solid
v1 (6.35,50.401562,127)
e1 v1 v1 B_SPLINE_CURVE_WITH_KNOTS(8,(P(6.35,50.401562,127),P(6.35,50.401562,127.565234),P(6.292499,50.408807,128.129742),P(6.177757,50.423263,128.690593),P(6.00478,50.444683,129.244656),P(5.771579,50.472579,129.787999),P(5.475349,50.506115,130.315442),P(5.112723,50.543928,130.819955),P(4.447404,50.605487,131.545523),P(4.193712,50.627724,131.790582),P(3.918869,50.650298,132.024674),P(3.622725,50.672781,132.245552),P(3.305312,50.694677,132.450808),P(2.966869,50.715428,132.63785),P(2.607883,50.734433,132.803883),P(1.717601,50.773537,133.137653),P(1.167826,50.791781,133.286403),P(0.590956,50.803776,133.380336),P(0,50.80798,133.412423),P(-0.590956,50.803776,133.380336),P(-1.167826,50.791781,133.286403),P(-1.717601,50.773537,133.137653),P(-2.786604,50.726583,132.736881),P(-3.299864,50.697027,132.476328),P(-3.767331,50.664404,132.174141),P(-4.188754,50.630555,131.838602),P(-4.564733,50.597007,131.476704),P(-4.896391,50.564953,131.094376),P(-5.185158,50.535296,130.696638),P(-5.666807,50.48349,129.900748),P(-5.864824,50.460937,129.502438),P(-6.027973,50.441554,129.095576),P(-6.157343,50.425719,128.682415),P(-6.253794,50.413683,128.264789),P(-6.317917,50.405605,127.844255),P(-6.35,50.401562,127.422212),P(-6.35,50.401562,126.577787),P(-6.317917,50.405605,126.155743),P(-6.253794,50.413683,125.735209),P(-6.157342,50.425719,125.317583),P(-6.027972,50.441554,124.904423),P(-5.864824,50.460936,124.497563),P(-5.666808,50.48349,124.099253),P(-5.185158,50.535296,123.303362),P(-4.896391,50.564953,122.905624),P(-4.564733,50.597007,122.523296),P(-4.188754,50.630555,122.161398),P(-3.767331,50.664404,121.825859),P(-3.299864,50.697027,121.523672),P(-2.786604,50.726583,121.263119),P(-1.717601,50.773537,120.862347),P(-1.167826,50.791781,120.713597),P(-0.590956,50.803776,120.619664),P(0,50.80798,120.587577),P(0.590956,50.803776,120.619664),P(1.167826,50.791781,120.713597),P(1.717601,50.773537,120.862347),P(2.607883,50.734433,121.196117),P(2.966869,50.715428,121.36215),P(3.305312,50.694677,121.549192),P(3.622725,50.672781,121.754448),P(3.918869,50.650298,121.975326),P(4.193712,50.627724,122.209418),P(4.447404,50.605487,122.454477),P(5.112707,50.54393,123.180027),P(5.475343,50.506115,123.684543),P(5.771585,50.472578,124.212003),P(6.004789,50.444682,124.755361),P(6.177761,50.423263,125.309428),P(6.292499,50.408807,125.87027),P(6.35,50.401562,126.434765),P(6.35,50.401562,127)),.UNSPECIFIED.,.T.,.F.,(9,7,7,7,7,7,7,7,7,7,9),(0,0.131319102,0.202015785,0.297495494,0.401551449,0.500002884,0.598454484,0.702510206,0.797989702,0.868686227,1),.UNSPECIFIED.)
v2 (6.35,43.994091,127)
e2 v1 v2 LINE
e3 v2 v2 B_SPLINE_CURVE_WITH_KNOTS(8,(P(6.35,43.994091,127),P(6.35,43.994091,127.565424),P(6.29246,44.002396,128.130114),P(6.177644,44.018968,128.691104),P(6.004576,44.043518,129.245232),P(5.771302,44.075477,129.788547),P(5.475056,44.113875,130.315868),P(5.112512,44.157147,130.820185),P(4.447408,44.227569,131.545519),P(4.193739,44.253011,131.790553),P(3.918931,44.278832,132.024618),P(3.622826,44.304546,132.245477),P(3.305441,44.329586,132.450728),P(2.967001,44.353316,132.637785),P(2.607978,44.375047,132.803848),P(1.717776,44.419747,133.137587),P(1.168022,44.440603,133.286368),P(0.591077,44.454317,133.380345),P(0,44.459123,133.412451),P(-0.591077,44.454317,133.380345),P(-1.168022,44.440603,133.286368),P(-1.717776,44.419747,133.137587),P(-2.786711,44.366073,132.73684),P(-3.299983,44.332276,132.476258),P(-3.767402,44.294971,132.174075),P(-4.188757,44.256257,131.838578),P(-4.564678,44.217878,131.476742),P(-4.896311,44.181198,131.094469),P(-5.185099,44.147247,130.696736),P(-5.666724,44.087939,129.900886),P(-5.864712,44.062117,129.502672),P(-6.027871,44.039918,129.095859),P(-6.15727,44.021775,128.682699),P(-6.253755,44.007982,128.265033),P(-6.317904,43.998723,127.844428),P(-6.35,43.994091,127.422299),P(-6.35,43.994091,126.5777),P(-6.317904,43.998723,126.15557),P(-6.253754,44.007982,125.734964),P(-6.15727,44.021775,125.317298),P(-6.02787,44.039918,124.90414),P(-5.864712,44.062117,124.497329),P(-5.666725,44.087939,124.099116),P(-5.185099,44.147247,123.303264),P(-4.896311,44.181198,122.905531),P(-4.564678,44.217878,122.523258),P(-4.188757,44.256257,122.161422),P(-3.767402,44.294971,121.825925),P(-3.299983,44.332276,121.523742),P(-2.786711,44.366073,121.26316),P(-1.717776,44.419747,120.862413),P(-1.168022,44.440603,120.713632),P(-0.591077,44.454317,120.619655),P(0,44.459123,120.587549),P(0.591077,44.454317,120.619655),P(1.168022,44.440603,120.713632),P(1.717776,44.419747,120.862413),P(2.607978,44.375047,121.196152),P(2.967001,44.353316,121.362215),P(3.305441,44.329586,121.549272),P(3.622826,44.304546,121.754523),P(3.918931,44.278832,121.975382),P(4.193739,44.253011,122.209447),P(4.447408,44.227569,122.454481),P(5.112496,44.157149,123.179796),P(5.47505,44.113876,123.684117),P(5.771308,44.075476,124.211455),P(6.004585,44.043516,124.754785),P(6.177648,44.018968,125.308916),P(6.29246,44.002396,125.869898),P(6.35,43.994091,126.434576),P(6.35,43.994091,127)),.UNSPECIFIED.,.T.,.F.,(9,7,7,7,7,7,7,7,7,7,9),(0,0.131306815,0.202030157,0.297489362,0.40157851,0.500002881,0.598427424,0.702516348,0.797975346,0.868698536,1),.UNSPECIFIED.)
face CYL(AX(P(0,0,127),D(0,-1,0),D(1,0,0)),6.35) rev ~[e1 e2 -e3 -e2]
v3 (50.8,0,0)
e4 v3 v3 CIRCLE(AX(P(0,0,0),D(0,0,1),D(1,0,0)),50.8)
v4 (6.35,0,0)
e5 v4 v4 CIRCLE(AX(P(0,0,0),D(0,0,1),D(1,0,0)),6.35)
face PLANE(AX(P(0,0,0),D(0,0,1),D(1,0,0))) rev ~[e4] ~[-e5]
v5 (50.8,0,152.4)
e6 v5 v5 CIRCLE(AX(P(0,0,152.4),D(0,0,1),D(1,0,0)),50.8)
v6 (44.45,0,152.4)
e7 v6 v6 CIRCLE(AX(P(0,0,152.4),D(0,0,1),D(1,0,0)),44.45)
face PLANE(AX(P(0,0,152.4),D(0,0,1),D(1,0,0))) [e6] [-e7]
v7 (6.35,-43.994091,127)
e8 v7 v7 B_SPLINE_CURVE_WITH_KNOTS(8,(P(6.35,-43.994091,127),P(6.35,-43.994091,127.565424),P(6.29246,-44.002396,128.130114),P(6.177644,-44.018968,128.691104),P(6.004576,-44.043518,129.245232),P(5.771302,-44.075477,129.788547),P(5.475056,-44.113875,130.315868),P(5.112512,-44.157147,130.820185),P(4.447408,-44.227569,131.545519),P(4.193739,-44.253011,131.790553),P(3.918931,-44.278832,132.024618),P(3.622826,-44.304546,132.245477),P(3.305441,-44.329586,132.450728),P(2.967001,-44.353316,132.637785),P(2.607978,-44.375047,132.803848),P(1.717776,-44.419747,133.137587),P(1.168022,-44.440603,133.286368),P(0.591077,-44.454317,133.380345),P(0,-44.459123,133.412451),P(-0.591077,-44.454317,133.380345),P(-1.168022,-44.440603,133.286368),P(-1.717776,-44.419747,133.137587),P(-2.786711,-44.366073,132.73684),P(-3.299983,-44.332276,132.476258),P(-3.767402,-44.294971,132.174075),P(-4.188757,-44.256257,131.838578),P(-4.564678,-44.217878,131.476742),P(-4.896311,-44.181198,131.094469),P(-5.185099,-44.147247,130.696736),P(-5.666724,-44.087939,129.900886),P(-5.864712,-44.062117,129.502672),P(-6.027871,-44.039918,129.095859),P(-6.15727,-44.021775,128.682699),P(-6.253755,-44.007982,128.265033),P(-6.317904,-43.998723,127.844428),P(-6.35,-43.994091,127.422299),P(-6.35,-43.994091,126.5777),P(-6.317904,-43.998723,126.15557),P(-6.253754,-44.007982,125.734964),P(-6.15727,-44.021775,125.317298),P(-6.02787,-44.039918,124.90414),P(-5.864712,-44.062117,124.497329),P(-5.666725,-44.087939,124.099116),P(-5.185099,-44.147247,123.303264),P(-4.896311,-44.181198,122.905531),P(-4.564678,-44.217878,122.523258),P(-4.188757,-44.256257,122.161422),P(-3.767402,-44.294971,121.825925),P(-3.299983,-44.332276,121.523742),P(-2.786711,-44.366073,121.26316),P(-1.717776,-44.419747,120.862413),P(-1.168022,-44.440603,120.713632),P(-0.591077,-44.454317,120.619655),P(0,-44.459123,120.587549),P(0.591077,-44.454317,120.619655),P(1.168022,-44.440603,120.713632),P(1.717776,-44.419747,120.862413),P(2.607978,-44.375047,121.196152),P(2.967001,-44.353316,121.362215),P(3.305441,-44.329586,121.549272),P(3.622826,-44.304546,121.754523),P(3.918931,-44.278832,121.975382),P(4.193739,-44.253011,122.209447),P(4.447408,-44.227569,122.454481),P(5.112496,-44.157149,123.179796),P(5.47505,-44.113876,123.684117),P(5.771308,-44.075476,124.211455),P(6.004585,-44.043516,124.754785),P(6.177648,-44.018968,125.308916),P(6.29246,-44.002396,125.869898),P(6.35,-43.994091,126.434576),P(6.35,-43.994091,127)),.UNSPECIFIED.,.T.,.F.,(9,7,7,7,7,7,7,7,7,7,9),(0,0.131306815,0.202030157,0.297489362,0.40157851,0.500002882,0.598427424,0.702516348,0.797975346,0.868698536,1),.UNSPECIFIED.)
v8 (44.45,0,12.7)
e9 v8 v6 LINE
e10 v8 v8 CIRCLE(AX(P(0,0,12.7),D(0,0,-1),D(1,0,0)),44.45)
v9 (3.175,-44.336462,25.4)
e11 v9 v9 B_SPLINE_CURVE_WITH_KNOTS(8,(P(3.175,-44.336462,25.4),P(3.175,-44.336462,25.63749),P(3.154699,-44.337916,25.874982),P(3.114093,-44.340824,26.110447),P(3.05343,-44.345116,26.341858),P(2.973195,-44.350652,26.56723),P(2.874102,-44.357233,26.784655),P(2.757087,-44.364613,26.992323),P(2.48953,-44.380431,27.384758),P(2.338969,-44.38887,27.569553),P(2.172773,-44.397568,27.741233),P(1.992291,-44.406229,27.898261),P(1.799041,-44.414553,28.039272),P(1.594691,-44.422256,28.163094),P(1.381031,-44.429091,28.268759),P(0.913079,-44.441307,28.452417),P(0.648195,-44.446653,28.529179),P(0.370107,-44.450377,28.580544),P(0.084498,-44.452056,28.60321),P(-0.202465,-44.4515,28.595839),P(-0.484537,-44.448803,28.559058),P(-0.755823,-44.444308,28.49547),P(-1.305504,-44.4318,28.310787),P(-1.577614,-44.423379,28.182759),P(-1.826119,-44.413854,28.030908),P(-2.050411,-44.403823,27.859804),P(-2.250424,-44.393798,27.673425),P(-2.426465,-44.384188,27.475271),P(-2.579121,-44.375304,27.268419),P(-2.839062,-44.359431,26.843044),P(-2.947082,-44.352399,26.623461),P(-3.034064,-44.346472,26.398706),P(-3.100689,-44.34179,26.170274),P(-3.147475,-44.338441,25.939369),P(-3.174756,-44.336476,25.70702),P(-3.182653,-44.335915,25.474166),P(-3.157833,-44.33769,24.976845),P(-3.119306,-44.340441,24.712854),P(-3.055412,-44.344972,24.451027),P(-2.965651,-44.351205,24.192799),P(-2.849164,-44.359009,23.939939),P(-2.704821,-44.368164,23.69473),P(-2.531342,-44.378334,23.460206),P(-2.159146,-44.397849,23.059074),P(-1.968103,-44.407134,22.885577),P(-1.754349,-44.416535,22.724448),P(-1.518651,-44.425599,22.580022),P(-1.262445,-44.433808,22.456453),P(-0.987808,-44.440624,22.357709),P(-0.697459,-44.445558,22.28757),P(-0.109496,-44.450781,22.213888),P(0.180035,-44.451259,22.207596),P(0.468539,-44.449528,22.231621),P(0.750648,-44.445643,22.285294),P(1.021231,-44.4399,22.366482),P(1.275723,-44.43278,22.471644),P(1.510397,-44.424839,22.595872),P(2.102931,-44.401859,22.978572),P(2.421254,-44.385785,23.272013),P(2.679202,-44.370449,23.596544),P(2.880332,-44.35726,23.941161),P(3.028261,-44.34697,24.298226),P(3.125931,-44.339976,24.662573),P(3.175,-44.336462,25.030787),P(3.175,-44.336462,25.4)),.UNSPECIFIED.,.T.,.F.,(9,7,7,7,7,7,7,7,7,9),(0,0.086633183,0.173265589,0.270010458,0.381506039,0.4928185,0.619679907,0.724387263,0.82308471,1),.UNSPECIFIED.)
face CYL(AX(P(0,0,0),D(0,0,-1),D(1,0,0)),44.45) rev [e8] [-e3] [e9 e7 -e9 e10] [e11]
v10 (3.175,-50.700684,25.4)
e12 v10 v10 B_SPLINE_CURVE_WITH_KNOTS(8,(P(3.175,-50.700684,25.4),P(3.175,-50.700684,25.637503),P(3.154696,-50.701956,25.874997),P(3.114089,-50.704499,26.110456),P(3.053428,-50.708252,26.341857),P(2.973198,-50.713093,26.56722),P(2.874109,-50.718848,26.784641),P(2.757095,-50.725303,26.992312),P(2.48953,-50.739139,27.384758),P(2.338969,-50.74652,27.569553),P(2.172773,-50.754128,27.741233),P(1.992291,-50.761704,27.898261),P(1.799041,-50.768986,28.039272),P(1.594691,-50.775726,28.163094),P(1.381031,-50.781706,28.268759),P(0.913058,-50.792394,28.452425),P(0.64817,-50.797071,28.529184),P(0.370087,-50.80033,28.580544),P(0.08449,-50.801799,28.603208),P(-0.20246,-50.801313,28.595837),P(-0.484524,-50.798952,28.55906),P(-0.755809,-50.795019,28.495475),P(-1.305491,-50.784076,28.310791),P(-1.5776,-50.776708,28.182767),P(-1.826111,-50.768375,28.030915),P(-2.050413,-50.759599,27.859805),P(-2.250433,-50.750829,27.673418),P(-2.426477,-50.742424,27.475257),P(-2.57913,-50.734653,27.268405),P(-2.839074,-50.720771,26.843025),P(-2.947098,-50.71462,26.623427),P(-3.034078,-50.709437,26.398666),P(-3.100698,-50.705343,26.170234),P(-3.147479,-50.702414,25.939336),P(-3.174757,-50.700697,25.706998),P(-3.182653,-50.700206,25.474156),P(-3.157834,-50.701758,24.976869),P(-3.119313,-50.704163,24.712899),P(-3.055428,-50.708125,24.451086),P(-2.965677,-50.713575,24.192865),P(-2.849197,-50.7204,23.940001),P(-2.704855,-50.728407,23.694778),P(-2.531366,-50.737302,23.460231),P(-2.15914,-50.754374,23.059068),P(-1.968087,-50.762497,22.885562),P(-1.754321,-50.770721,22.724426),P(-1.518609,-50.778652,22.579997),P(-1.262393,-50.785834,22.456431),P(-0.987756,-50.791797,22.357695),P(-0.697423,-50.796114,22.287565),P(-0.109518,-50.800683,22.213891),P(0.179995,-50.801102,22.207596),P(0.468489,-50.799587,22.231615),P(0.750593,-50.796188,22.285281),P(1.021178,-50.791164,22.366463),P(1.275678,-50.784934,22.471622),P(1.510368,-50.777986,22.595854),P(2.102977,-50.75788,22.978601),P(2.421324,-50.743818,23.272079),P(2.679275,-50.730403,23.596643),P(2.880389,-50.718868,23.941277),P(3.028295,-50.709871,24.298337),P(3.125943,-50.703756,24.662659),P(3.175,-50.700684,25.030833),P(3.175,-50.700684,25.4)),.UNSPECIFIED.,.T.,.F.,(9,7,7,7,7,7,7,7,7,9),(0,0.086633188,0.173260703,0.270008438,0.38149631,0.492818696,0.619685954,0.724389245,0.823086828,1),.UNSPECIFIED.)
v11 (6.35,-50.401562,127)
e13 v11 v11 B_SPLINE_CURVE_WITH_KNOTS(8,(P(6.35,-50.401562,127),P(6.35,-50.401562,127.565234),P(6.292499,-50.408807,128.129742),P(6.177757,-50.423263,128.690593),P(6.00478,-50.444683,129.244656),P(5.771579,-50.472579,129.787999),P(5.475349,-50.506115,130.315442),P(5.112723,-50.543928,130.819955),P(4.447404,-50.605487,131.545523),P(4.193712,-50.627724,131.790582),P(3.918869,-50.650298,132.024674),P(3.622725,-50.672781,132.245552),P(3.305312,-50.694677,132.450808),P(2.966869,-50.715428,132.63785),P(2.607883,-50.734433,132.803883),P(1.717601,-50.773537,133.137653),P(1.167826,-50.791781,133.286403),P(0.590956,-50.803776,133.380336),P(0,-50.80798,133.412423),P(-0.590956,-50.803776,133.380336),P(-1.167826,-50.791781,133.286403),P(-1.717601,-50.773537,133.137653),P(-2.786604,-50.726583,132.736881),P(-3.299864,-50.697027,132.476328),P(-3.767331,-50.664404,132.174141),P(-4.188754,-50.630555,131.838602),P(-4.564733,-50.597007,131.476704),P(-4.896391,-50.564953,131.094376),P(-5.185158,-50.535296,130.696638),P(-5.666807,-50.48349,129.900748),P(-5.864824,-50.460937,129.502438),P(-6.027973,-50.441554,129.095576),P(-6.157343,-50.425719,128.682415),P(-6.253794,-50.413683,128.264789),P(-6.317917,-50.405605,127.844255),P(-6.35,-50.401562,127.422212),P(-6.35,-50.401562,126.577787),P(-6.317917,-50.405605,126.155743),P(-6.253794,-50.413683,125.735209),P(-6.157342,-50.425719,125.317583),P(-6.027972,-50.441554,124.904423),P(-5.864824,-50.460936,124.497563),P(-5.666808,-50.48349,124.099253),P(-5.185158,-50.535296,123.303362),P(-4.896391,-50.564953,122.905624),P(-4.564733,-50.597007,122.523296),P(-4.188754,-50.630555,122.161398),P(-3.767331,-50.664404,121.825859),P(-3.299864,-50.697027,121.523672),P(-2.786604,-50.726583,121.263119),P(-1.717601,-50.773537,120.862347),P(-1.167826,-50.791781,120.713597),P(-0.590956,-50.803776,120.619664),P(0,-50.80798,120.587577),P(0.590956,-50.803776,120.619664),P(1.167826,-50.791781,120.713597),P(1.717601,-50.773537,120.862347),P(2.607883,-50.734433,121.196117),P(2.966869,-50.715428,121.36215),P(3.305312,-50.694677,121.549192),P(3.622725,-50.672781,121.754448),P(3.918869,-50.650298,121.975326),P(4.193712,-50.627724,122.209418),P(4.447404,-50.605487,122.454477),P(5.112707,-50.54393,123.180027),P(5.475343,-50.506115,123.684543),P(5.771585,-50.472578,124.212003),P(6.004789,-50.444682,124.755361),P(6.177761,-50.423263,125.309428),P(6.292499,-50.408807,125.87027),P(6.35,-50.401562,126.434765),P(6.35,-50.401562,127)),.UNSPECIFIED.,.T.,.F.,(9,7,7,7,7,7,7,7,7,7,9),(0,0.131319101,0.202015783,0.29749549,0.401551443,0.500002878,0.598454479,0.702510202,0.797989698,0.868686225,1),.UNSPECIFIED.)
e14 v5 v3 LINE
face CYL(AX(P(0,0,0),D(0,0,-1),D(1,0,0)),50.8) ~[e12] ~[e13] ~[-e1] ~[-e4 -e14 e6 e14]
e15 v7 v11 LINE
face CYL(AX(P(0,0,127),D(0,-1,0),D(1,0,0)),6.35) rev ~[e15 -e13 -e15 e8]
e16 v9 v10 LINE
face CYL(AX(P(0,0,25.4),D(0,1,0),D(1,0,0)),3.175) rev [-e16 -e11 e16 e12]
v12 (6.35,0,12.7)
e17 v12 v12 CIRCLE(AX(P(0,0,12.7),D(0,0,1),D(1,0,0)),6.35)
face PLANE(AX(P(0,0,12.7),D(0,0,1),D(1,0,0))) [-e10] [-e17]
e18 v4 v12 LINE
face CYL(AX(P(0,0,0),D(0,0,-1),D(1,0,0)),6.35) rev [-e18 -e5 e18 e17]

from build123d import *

# Parameters (mm, degrees)
F0_R     = 50.8
F0_R_2   = 44.45
F1_DEPTH = 152.4
F0_R_3   = 6.35
F2_DEPTH = 12.7
F3_R     = 6.35
F4_DEPTH = 63.5
F3_R_2   = 3.175
F5_DEPTH = 50.8010001


with BuildPart() as f1:
    # F0 (on Top) → F1 (new body)
    with BuildSketch(Plane.XY):
        Circle(F0_R)
        Circle(F0_R_2, mode=Mode.SUBTRACT)
    extrude(amount=F1_DEPTH)

    # F0 (on Top) → F2 (join)
    with BuildSketch(Plane.XY):
        Circle(F0_R)
        Circle(F0_R_2, mode=Mode.SUBTRACT)
        Circle(F0_R_2)
        Circle(F0_R_3, mode=Mode.SUBTRACT)
    extrude(amount=F2_DEPTH)

    # F3 (on Front) → F4 (cut, symmetric)
    with BuildSketch(Plane.XZ):
        with Locations((0, 127)):
            Circle(F3_R)
    extrude(amount=F4_DEPTH, both=True, mode=Mode.SUBTRACT)

    # F3 (on Front) → F5 (cut, through all)
    with BuildSketch(Plane.XZ):
        with Locations((0, 25.4)):
            Circle(F3_R_2)
    extrude(amount=F5_DEPTH, mode=Mode.SUBTRACT)


solid = f1.part
